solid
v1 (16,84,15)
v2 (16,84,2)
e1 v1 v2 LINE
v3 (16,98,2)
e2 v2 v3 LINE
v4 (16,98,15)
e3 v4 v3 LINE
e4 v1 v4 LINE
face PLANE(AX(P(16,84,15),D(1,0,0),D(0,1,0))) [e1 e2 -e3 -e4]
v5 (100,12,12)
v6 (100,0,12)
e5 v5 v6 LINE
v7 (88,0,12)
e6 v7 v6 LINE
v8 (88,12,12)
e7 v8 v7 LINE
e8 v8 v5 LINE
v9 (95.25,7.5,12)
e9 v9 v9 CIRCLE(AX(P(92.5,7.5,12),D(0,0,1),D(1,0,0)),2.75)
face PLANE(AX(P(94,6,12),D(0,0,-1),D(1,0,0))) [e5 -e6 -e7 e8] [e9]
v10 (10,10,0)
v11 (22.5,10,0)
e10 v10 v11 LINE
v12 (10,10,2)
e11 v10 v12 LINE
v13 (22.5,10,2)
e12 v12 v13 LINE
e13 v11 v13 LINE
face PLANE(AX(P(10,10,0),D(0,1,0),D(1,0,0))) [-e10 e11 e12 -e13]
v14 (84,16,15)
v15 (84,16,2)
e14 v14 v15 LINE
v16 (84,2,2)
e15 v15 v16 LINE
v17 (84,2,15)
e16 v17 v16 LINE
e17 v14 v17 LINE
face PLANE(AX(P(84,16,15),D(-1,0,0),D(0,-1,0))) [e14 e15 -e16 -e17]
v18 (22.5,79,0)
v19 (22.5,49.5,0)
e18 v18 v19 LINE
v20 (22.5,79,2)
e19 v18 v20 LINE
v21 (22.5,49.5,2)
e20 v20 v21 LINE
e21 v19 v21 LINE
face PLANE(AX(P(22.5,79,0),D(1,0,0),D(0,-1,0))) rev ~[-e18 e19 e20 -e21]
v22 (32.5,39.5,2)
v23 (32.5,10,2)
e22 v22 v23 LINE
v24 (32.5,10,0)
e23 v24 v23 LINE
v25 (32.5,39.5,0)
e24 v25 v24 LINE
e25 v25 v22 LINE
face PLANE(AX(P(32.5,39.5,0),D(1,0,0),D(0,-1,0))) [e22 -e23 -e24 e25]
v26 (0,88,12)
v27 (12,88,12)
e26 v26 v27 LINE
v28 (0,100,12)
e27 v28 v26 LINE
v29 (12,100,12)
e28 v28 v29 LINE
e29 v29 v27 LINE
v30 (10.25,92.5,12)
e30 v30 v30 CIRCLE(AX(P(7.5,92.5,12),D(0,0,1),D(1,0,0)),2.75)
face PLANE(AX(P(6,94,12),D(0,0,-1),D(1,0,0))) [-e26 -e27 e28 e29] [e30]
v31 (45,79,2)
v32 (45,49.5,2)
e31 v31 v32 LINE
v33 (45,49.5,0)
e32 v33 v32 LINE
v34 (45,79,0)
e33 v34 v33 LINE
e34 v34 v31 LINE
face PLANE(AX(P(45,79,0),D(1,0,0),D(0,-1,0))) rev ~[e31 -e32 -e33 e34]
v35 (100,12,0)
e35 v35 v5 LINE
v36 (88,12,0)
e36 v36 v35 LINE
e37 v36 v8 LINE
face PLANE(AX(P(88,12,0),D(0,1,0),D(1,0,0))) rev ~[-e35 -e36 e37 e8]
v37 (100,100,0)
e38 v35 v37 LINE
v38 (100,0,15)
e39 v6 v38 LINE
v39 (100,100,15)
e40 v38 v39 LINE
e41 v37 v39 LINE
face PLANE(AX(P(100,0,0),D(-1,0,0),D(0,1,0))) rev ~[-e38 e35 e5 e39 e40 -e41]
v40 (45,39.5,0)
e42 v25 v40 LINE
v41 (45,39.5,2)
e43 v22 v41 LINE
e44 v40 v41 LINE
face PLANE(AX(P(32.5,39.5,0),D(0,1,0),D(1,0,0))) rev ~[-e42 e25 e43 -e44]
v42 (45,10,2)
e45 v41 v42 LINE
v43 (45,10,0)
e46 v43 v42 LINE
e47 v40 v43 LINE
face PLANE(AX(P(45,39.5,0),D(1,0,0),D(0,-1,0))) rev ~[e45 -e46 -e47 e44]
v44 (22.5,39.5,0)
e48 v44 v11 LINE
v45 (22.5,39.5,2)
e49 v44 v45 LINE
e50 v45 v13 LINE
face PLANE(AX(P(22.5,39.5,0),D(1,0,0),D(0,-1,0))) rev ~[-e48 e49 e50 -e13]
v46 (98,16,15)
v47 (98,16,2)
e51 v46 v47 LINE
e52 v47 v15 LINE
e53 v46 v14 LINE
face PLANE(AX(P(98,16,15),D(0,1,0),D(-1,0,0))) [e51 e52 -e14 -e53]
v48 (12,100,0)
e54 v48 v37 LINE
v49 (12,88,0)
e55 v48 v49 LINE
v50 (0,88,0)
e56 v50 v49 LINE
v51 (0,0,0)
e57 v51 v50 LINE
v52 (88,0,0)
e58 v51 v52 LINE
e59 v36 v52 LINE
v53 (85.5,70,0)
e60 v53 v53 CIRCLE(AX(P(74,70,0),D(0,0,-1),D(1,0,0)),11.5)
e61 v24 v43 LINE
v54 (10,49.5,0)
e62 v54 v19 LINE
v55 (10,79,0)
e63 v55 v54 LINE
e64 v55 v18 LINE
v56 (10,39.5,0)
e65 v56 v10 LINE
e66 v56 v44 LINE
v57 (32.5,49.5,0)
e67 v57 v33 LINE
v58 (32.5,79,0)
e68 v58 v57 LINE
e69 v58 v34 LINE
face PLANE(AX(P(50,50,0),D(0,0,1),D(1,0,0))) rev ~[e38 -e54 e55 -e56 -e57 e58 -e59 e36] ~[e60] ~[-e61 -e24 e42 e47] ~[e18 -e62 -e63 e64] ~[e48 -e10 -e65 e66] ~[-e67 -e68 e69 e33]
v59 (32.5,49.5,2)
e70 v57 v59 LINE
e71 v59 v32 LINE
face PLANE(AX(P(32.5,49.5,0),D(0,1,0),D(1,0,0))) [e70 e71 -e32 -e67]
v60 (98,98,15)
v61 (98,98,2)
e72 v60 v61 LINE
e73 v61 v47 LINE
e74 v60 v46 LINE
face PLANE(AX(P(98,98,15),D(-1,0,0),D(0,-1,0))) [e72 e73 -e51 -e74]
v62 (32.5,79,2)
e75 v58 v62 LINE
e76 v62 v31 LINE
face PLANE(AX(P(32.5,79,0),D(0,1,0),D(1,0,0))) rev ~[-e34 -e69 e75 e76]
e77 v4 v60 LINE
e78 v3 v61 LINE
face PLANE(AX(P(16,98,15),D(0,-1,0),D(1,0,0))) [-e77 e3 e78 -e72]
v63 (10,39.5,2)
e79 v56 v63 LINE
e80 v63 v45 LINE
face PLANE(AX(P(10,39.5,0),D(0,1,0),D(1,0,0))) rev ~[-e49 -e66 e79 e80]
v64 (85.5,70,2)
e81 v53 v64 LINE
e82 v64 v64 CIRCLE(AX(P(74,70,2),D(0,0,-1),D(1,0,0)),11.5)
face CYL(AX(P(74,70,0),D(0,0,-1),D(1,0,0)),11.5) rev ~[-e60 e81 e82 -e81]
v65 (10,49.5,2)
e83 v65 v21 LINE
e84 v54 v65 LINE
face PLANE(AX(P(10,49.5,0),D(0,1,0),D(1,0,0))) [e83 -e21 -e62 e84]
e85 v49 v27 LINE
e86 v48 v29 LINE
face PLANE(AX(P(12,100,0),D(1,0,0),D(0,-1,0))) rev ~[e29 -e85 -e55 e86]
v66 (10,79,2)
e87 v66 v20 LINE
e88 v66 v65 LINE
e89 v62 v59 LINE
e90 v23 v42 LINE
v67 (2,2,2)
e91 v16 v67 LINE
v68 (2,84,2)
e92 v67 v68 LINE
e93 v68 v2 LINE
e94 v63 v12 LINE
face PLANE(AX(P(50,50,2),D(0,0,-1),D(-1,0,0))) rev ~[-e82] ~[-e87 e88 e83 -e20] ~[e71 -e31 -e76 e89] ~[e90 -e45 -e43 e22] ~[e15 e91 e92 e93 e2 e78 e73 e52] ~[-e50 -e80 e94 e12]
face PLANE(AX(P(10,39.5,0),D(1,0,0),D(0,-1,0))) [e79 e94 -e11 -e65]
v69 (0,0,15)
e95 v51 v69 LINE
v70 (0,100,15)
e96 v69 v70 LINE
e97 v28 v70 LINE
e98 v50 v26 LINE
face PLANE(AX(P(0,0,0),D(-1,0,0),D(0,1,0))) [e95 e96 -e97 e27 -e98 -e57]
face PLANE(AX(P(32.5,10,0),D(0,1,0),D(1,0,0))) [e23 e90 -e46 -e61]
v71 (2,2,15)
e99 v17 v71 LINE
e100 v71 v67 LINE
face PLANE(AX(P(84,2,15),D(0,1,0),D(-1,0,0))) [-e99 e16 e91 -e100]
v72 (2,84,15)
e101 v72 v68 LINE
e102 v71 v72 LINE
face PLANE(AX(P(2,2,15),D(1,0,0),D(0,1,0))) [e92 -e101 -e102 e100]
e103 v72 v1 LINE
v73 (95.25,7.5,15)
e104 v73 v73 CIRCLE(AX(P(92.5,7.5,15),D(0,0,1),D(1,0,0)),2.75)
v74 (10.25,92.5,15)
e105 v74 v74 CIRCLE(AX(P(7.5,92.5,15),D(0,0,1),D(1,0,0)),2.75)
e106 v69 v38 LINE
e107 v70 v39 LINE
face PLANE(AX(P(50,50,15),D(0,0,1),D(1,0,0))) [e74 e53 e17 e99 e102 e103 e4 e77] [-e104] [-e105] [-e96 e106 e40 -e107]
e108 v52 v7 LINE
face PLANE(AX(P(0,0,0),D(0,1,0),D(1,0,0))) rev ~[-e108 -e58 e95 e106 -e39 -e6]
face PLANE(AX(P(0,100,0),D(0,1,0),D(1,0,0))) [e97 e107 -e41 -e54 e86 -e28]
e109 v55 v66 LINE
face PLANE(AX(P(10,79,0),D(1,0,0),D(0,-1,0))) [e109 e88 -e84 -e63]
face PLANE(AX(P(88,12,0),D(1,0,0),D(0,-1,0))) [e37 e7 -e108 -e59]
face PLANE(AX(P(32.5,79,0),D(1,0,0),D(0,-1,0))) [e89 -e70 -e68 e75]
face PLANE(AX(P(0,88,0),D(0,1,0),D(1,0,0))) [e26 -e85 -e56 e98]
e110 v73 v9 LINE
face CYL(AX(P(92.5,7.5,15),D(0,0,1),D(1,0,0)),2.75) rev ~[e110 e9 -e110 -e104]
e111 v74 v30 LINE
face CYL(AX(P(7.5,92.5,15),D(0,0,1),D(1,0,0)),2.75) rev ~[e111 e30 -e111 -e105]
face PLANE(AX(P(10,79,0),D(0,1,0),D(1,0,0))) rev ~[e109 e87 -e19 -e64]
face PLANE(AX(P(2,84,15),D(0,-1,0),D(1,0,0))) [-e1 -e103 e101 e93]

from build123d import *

# Parameters (mm, degrees)
SKETCH_W        = 100
SKETCH_H        = 100
PAD_DEPTH       = 15
POCKET_DEPTH    = 13
SKETCH002_W     = 12
SKETCH002_H     = 12
POCKET001_DEPTH = 12
SKETCH003_R     = 2.75
POCKET002_DEPTH = 3
SKETCH004_R     = 11.5
SKETCH004_W     = 12.5
SKETCH004_H     = 29.5
POCKET003_DEPTH = 3


with BuildPart() as part:
    # Sketch → Pad (new body)
    with BuildSketch(Plane.XY):
        with Locations((50, 50)):
            Rectangle(SKETCH_W, SKETCH_H)
    extrude(amount=PAD_DEPTH)

    # Sketch001 → Pocket (cut)
    with BuildSketch(Plane.XY.offset(15)):
        Polygon((2, 2), (2, 84), (16, 84), (16, 98), (98, 98), (98, 16), (84, 16), (84, 2), align=None)
    extrude(amount=-POCKET_DEPTH, mode=Mode.SUBTRACT)

    # Sketch002 → Pocket001 (cut)
    with BuildSketch(Plane(origin=(0, 0, 0), x_dir=(1, 0, 0), z_dir=(0, 0, -1))):
        with Locations((94, -6)):
            Rectangle(SKETCH002_W, SKETCH002_H)
        with Locations((6, -94)):
            Rectangle(SKETCH002_W, SKETCH002_H)
    extrude(amount=-POCKET001_DEPTH, mode=Mode.SUBTRACT)

    # Sketch003 → Pocket002 (cut)
    with BuildSketch(Plane.XY.offset(15)):
        with Locations((7.5, 92.5)):
            Circle(SKETCH003_R)
        with Locations((92.5, 7.5)):
            Circle(SKETCH003_R)
    extrude(amount=-POCKET002_DEPTH, mode=Mode.SUBTRACT)

    # Sketch004 → Pocket003 (cut)
    with BuildSketch(Plane(origin=(0, 0, 0), x_dir=(1, 0, 0), z_dir=(0, 0, -1))):
        with Locations((74, -70)):
            Circle(SKETCH004_R)
        with Locations((16.25, -24.75)):
            Rectangle(SKETCH004_W, SKETCH004_H)
        with Locations((16.25, -64.25)):
            Rectangle(SKETCH004_W, SKETCH004_H)
        with Locations((38.75, -24.75)):
            Rectangle(SKETCH004_W, SKETCH004_H)
        with Locations((38.75, -64.25)):
            Rectangle(SKETCH004_W, SKETCH004_H)
    extrude(amount=-POCKET003_DEPTH, mode=Mode.SUBTRACT)


solid = part.part
